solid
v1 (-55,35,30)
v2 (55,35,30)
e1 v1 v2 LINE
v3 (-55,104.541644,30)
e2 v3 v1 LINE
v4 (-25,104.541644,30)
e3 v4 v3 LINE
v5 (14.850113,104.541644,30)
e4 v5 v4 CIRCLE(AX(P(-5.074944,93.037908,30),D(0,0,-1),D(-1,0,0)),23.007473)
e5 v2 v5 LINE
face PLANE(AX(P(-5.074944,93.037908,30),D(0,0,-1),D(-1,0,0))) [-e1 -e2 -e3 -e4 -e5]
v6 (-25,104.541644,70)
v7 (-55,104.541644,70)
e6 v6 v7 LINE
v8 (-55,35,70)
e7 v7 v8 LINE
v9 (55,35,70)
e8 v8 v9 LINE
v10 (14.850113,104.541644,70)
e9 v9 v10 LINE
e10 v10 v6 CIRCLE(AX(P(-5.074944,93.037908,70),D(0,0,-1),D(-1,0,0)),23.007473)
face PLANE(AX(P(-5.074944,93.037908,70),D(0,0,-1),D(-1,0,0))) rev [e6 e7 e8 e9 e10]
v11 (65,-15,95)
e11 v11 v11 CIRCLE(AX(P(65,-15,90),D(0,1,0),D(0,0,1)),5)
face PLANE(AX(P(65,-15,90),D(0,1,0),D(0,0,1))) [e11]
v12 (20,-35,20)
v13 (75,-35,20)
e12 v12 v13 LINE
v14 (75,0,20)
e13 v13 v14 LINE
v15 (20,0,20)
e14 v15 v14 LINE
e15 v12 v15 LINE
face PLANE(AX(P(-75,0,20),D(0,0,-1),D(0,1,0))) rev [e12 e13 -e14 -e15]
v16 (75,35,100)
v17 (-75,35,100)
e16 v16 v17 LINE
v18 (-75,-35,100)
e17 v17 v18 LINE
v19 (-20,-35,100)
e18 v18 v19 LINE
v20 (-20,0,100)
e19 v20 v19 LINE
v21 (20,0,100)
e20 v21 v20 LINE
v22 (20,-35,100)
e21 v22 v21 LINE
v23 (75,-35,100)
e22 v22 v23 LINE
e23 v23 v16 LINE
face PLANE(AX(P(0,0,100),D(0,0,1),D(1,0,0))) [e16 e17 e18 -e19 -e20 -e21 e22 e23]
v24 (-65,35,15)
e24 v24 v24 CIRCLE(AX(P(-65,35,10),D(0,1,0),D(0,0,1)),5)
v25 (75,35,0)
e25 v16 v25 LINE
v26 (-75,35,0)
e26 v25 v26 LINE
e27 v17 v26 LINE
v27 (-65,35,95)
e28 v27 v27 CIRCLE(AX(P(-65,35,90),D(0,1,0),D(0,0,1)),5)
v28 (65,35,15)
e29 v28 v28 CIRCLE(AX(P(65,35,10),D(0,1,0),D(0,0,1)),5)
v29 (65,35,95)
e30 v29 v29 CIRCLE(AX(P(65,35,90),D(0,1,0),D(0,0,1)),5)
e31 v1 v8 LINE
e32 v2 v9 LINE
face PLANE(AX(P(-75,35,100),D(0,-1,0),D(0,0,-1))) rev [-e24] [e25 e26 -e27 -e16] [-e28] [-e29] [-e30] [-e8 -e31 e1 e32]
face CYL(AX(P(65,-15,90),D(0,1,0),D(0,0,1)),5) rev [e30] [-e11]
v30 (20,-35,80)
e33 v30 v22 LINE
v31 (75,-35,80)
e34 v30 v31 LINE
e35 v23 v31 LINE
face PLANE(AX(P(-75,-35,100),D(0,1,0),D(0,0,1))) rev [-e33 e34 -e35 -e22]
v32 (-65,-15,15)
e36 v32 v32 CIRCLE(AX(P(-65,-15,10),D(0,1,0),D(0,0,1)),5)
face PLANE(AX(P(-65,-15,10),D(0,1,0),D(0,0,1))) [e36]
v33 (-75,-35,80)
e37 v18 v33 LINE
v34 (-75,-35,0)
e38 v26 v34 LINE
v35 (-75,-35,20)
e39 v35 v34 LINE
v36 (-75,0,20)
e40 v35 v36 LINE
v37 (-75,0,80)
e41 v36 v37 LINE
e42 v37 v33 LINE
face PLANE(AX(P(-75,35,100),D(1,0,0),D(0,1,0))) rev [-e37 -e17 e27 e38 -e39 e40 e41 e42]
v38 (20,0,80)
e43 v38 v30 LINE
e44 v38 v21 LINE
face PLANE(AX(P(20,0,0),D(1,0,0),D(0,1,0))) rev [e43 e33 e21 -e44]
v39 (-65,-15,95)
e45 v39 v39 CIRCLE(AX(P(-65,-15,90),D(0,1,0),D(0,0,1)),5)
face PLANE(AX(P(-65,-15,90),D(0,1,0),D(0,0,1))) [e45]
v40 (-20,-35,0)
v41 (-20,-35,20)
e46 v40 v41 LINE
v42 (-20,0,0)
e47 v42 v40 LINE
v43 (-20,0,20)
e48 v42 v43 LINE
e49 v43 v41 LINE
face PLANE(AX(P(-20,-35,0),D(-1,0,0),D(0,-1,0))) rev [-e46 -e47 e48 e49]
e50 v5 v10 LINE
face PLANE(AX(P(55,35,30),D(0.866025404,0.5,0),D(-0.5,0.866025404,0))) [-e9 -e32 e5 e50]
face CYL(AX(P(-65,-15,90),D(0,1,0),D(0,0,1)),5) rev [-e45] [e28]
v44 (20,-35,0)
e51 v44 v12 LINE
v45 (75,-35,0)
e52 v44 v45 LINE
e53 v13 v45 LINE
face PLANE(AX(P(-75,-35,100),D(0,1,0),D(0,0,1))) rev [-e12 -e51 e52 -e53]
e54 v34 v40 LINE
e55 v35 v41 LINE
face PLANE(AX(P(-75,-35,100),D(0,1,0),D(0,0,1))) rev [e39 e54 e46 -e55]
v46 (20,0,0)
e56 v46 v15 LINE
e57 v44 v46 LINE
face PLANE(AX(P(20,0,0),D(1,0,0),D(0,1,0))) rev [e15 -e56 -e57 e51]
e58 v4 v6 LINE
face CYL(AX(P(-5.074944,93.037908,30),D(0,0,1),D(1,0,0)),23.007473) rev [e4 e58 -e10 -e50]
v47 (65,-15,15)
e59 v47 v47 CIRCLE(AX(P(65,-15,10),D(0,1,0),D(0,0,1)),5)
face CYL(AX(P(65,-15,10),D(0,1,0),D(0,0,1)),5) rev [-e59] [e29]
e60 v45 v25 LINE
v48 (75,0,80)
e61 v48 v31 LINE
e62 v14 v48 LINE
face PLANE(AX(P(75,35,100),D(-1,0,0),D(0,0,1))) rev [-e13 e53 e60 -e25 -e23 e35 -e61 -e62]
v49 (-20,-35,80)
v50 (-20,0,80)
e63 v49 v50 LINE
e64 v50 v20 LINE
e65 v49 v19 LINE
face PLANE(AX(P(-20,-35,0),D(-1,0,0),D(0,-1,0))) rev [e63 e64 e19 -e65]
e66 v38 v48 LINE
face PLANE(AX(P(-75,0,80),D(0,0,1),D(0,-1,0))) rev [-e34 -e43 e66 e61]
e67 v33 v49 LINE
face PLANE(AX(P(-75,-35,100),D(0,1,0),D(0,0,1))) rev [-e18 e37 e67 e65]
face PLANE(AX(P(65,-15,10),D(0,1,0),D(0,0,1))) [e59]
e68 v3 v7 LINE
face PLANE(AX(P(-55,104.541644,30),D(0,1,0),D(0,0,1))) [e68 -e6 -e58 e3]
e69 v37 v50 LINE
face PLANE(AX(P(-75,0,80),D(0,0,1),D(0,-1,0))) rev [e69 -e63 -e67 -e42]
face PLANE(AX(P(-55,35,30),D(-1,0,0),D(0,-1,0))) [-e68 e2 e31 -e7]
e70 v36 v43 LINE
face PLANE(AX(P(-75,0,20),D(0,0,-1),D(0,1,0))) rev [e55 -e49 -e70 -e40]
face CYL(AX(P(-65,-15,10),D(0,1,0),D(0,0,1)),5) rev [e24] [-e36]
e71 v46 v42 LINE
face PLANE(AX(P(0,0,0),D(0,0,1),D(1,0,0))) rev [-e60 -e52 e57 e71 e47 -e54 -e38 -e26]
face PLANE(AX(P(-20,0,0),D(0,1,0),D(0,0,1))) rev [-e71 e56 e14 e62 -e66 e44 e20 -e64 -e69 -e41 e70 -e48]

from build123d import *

# Parameters (mm, degrees)
SKETCH1_W                = 150
SKETCH1_H                = 70
BOSS_EXTRUDE1_DEPTH      = 100
SKETCH2_W                = 40
SKETCH2_H                = 35
CUT_EXTRUDE1_DEPTH       = 100
SKETCH3_W                = 60
SKETCH3_H                = 35
CUT_EXTRUDE2_DEPTH       = 150
BOSS_EXTRUDE2_DEPTH      = 20
BOSS_EXTRUDE2_DEPTH_BACK = 20
SKETCH11_R               = 5
CUT_EXTRUDE4_DEPTH       = 50


with BuildPart() as part:
    # Sketch1 → Boss-Extrude1 (new body)
    with BuildSketch(Plane.XY):
        Rectangle(SKETCH1_W, SKETCH1_H)
    extrude(amount=BOSS_EXTRUDE1_DEPTH)

    # Sketch2 → Cut-Extrude1 (cut)
    with BuildSketch(Plane.XY.offset(100)):
        with Locations((0, -17.5)):
            Rectangle(SKETCH2_W, SKETCH2_H)
    extrude(amount=-CUT_EXTRUDE1_DEPTH, mode=Mode.SUBTRACT)

    # Sketch3 → Cut-Extrude2 (cut)
    with BuildSketch(Plane(origin=(75, 0, 0), x_dir=(0, 0, -1), z_dir=(1, 0, 0))):
        with Locations((-50, -17.5)):
            Rectangle(SKETCH3_W, SKETCH3_H)
    extrude(amount=-CUT_EXTRUDE2_DEPTH, mode=Mode.SUBTRACT)

    # Sketch5 → Boss-Extrude2 (add, two sides: drawn at the far end of the back side and taken through both)
    with BuildSketch(Plane.XY.offset(50).offset(-BOSS_EXTRUDE2_DEPTH_BACK)):
        with BuildLine():
            Line((55, 35), (14.850112855, 104.541644453))
            ThreePointArc((14.850112855, 104.541644453), (-5.074943572, 70.030434377), (-25, 104.541644453))
            Line((-25, 104.541644453), (-55, 104.541644453))
            Line((-55, 104.541644453), (-55, 35))
            Line((-55, 35), (55, 35))
        make_face()
    extrude(amount=BOSS_EXTRUDE2_DEPTH + BOSS_EXTRUDE2_DEPTH_BACK)

    # Sketch11 → Cut-Extrude4 (cut)
    with BuildSketch(Plane(origin=(0, 35, 0), x_dir=(1, 0, 0), z_dir=(0, 1, 0))):
        with Locations(Location((65, -10, 0), (0, 0, 270))):
            Circle(SKETCH11_R)
        with Locations(Location((-65, -10, 0), (0, 0, 270))):
            Circle(SKETCH11_R)
        with Locations(Location((-65, -90, 0), (0, 0, 270))):
            Circle(SKETCH11_R)
        with Locations(Location((65, -90, 0), (0, 0, 270))):
            Circle(SKETCH11_R)
    extrude(amount=-CUT_EXTRUDE4_DEPTH, mode=Mode.SUBTRACT)


solid = part.part
